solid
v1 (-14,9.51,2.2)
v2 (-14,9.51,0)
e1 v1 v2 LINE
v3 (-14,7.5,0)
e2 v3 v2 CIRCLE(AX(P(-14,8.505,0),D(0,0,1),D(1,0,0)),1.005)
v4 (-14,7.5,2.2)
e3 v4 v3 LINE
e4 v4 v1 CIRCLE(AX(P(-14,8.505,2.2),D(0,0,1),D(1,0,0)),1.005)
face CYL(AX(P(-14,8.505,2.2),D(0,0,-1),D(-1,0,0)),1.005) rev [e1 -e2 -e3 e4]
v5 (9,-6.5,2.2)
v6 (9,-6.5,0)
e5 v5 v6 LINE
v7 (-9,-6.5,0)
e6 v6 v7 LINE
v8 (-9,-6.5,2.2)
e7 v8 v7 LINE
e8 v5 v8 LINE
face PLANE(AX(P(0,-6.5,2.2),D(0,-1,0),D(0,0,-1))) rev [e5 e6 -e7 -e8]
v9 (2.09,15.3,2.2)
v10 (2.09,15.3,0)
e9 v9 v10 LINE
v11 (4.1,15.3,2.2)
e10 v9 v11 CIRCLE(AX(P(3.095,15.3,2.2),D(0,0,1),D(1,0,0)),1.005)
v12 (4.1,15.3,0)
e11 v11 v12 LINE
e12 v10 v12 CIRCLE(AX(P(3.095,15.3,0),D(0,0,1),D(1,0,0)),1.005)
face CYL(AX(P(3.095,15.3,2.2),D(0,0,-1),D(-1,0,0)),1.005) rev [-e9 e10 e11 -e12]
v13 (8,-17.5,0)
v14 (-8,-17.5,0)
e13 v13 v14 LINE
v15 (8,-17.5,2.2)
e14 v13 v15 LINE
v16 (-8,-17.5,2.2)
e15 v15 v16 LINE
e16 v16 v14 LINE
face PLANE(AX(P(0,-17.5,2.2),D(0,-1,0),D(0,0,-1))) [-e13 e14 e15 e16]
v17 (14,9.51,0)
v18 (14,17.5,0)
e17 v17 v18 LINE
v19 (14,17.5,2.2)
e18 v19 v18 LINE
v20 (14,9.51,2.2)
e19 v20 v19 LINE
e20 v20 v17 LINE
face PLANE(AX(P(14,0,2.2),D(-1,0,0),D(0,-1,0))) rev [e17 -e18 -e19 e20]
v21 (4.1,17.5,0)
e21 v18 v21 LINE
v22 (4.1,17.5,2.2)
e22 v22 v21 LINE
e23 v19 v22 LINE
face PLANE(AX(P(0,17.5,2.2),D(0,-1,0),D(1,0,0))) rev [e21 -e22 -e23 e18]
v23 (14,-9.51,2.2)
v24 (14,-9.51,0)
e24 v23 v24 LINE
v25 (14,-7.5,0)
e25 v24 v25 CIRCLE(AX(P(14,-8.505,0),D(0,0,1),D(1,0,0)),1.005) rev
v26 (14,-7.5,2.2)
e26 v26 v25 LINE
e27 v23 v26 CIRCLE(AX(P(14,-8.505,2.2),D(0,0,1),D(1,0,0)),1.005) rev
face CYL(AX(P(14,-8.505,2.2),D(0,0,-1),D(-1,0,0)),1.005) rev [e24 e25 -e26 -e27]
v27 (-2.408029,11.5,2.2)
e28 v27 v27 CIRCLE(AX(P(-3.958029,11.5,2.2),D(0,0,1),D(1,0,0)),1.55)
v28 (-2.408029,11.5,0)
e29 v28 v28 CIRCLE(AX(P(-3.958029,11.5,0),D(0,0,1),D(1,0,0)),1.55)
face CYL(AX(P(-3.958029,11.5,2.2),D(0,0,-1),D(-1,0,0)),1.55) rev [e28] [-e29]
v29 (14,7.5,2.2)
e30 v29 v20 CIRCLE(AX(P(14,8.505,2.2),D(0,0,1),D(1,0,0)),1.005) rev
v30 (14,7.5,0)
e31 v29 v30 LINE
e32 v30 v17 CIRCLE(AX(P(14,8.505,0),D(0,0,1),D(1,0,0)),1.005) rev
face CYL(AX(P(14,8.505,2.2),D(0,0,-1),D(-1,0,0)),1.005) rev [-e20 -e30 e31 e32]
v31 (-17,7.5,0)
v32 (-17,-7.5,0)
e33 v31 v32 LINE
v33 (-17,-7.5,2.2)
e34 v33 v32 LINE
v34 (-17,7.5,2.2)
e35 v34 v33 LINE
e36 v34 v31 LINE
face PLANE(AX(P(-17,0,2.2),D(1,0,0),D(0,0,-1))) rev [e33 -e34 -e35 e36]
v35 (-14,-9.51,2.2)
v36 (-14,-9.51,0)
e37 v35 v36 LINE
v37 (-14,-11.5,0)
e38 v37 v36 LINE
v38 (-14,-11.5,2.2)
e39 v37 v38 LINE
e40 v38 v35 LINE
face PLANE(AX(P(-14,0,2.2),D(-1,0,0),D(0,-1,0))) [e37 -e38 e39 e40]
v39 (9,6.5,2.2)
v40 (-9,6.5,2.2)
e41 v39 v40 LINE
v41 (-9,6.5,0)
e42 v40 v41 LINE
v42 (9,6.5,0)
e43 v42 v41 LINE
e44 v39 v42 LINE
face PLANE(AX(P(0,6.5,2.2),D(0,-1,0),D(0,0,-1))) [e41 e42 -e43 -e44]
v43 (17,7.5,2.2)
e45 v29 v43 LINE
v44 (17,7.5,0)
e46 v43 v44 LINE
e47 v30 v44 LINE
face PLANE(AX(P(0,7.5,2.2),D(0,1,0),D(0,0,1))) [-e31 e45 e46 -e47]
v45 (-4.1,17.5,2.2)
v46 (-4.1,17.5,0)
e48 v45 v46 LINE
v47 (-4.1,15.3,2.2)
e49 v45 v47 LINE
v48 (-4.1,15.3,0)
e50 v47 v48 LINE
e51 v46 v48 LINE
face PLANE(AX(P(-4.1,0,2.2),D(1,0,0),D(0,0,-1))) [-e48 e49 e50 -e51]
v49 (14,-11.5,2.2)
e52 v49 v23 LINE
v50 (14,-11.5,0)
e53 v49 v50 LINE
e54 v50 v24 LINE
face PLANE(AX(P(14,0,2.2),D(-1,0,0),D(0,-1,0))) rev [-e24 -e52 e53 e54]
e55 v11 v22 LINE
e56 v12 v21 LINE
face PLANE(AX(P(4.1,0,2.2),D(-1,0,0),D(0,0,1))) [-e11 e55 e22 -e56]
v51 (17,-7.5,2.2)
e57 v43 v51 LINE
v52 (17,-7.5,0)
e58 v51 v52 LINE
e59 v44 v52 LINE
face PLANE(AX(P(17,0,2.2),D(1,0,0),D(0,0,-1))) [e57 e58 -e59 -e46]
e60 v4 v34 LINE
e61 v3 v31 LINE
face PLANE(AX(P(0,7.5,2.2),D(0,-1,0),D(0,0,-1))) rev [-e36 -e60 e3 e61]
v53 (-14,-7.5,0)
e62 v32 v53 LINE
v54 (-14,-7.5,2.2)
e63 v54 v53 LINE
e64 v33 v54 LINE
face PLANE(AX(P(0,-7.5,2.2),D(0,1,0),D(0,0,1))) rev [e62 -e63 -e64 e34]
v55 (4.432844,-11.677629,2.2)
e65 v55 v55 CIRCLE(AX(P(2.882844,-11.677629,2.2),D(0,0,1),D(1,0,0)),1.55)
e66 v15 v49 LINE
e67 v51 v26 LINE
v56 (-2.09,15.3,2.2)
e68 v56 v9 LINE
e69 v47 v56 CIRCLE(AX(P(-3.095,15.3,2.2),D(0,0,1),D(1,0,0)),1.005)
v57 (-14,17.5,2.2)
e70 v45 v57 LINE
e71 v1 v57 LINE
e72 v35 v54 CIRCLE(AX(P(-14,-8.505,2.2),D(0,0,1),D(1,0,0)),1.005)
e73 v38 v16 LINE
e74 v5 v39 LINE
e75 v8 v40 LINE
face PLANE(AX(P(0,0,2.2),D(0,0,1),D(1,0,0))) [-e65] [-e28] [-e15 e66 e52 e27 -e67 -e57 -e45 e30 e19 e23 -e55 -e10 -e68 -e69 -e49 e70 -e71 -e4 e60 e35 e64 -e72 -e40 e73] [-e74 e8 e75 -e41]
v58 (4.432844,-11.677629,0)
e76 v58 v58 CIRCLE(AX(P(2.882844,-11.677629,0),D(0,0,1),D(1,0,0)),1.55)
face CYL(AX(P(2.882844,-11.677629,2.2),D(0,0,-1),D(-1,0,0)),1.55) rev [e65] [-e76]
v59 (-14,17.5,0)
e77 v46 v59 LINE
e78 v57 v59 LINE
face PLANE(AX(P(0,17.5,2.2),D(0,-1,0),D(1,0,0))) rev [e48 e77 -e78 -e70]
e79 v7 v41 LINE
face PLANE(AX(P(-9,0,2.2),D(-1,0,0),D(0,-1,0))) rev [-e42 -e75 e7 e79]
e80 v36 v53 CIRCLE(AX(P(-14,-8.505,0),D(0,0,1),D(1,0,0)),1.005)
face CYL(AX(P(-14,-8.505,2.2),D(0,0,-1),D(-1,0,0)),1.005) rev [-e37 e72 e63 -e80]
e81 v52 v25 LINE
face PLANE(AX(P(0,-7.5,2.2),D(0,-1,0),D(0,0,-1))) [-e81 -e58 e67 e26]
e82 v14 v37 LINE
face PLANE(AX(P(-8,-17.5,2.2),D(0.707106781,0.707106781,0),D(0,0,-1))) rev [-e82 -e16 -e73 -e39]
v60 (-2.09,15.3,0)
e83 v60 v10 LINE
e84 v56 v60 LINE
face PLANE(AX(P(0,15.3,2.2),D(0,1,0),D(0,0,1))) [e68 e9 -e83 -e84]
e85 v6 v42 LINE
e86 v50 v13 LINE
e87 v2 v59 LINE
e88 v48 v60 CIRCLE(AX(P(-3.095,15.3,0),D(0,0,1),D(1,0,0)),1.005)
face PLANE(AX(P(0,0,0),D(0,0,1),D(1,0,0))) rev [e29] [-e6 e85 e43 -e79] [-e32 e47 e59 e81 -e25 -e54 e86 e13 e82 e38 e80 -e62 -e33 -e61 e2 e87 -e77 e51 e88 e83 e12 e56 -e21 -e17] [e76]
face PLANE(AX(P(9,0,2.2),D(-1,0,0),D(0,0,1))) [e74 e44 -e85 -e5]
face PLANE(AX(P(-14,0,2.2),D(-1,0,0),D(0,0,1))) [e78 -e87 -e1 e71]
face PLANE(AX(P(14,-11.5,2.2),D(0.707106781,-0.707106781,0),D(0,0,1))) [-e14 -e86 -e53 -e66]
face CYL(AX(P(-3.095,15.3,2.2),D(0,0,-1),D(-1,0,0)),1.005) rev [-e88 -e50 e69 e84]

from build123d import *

# Parameters (mm, degrees)
SKETCH_1_R      = 1.55
SKETCH_1_W      = 18
SKETCH_1_H      = 13
EXTRUDE_1_DEPTH = 2.2
CHAMFER_1_SIZE  = 6


with BuildPart() as part:
    # 草图1 → 凸台-拉伸1 (new body)
    with BuildSketch(Plane.XY):
        with BuildLine():
            Line((-14, -17.5), (14, -17.5))
            Line((14, -17.5), (14, -9.51))
            ThreePointArc((14, -9.51), (12.995, -8.505), (14, -7.5))
            Line((14, -7.5), (17, -7.5))
            Line((17, -7.5), (17, 7.5))
            Line((17, 7.5), (14, 7.5))
            ThreePointArc((14, 7.5), (12.995, 8.505), (14, 9.51))
            Line((14, 9.51), (14, 17.5))
            Line((14, 17.5), (4.1, 17.5))
            Line((4.1, 17.5), (4.1, 15.3))
            ThreePointArc((4.1, 15.3), (3.095, 14.295), (2.09, 15.3))
            Line((2.09, 15.3), (-2.09, 15.3))
            ThreePointArc((-2.09, 15.3), (-3.095, 14.295), (-4.1, 15.3))
            Line((-4.1, 15.3), (-4.1, 17.5))
            Line((-4.1, 17.5), (-14, 17.5))
            Line((-14, 17.5), (-14, 9.51))
            ThreePointArc((-14, 9.51), (-13.289357685, 9.215642315), (-12.995, 8.505))
            ThreePointArc((-12.995, 8.505), (-13.289357685, 7.794357685), (-14, 7.5))
            Line((-14, 7.5), (-17, 7.5))
            Line((-17, 7.5), (-17, -7.5))
            Line((-17, -7.5), (-14, -7.5))
            ThreePointArc((-14, -7.5), (-13.289357685, -7.794357685), (-12.995, -8.505))
            ThreePointArc((-12.995, -8.505), (-13.289357685, -9.215642315), (-14, -9.51))
            Line((-14, -9.51), (-14, -17.5))
        make_face()
        with Locations((2.882843865, -11.677628522)):
            Circle(SKETCH_1_R, mode=Mode.SUBTRACT)
        Rectangle(SKETCH_1_W, SKETCH_1_H, mode=Mode.SUBTRACT)
        with Locations((-3.958028601, 11.5)):
            Circle(SKETCH_1_R, mode=Mode.SUBTRACT)
    extrude(amount=EXTRUDE_1_DEPTH)

    # 倒角1
    chamfer_1_edges = [part.edges().sort_by_distance(p)[0] for p in [
        (14, -17.5, 1.1),
        (-14, -17.5, 1.1),
    ]]
    chamfer(chamfer_1_edges, length=CHAMFER_1_SIZE)


solid = part.part
